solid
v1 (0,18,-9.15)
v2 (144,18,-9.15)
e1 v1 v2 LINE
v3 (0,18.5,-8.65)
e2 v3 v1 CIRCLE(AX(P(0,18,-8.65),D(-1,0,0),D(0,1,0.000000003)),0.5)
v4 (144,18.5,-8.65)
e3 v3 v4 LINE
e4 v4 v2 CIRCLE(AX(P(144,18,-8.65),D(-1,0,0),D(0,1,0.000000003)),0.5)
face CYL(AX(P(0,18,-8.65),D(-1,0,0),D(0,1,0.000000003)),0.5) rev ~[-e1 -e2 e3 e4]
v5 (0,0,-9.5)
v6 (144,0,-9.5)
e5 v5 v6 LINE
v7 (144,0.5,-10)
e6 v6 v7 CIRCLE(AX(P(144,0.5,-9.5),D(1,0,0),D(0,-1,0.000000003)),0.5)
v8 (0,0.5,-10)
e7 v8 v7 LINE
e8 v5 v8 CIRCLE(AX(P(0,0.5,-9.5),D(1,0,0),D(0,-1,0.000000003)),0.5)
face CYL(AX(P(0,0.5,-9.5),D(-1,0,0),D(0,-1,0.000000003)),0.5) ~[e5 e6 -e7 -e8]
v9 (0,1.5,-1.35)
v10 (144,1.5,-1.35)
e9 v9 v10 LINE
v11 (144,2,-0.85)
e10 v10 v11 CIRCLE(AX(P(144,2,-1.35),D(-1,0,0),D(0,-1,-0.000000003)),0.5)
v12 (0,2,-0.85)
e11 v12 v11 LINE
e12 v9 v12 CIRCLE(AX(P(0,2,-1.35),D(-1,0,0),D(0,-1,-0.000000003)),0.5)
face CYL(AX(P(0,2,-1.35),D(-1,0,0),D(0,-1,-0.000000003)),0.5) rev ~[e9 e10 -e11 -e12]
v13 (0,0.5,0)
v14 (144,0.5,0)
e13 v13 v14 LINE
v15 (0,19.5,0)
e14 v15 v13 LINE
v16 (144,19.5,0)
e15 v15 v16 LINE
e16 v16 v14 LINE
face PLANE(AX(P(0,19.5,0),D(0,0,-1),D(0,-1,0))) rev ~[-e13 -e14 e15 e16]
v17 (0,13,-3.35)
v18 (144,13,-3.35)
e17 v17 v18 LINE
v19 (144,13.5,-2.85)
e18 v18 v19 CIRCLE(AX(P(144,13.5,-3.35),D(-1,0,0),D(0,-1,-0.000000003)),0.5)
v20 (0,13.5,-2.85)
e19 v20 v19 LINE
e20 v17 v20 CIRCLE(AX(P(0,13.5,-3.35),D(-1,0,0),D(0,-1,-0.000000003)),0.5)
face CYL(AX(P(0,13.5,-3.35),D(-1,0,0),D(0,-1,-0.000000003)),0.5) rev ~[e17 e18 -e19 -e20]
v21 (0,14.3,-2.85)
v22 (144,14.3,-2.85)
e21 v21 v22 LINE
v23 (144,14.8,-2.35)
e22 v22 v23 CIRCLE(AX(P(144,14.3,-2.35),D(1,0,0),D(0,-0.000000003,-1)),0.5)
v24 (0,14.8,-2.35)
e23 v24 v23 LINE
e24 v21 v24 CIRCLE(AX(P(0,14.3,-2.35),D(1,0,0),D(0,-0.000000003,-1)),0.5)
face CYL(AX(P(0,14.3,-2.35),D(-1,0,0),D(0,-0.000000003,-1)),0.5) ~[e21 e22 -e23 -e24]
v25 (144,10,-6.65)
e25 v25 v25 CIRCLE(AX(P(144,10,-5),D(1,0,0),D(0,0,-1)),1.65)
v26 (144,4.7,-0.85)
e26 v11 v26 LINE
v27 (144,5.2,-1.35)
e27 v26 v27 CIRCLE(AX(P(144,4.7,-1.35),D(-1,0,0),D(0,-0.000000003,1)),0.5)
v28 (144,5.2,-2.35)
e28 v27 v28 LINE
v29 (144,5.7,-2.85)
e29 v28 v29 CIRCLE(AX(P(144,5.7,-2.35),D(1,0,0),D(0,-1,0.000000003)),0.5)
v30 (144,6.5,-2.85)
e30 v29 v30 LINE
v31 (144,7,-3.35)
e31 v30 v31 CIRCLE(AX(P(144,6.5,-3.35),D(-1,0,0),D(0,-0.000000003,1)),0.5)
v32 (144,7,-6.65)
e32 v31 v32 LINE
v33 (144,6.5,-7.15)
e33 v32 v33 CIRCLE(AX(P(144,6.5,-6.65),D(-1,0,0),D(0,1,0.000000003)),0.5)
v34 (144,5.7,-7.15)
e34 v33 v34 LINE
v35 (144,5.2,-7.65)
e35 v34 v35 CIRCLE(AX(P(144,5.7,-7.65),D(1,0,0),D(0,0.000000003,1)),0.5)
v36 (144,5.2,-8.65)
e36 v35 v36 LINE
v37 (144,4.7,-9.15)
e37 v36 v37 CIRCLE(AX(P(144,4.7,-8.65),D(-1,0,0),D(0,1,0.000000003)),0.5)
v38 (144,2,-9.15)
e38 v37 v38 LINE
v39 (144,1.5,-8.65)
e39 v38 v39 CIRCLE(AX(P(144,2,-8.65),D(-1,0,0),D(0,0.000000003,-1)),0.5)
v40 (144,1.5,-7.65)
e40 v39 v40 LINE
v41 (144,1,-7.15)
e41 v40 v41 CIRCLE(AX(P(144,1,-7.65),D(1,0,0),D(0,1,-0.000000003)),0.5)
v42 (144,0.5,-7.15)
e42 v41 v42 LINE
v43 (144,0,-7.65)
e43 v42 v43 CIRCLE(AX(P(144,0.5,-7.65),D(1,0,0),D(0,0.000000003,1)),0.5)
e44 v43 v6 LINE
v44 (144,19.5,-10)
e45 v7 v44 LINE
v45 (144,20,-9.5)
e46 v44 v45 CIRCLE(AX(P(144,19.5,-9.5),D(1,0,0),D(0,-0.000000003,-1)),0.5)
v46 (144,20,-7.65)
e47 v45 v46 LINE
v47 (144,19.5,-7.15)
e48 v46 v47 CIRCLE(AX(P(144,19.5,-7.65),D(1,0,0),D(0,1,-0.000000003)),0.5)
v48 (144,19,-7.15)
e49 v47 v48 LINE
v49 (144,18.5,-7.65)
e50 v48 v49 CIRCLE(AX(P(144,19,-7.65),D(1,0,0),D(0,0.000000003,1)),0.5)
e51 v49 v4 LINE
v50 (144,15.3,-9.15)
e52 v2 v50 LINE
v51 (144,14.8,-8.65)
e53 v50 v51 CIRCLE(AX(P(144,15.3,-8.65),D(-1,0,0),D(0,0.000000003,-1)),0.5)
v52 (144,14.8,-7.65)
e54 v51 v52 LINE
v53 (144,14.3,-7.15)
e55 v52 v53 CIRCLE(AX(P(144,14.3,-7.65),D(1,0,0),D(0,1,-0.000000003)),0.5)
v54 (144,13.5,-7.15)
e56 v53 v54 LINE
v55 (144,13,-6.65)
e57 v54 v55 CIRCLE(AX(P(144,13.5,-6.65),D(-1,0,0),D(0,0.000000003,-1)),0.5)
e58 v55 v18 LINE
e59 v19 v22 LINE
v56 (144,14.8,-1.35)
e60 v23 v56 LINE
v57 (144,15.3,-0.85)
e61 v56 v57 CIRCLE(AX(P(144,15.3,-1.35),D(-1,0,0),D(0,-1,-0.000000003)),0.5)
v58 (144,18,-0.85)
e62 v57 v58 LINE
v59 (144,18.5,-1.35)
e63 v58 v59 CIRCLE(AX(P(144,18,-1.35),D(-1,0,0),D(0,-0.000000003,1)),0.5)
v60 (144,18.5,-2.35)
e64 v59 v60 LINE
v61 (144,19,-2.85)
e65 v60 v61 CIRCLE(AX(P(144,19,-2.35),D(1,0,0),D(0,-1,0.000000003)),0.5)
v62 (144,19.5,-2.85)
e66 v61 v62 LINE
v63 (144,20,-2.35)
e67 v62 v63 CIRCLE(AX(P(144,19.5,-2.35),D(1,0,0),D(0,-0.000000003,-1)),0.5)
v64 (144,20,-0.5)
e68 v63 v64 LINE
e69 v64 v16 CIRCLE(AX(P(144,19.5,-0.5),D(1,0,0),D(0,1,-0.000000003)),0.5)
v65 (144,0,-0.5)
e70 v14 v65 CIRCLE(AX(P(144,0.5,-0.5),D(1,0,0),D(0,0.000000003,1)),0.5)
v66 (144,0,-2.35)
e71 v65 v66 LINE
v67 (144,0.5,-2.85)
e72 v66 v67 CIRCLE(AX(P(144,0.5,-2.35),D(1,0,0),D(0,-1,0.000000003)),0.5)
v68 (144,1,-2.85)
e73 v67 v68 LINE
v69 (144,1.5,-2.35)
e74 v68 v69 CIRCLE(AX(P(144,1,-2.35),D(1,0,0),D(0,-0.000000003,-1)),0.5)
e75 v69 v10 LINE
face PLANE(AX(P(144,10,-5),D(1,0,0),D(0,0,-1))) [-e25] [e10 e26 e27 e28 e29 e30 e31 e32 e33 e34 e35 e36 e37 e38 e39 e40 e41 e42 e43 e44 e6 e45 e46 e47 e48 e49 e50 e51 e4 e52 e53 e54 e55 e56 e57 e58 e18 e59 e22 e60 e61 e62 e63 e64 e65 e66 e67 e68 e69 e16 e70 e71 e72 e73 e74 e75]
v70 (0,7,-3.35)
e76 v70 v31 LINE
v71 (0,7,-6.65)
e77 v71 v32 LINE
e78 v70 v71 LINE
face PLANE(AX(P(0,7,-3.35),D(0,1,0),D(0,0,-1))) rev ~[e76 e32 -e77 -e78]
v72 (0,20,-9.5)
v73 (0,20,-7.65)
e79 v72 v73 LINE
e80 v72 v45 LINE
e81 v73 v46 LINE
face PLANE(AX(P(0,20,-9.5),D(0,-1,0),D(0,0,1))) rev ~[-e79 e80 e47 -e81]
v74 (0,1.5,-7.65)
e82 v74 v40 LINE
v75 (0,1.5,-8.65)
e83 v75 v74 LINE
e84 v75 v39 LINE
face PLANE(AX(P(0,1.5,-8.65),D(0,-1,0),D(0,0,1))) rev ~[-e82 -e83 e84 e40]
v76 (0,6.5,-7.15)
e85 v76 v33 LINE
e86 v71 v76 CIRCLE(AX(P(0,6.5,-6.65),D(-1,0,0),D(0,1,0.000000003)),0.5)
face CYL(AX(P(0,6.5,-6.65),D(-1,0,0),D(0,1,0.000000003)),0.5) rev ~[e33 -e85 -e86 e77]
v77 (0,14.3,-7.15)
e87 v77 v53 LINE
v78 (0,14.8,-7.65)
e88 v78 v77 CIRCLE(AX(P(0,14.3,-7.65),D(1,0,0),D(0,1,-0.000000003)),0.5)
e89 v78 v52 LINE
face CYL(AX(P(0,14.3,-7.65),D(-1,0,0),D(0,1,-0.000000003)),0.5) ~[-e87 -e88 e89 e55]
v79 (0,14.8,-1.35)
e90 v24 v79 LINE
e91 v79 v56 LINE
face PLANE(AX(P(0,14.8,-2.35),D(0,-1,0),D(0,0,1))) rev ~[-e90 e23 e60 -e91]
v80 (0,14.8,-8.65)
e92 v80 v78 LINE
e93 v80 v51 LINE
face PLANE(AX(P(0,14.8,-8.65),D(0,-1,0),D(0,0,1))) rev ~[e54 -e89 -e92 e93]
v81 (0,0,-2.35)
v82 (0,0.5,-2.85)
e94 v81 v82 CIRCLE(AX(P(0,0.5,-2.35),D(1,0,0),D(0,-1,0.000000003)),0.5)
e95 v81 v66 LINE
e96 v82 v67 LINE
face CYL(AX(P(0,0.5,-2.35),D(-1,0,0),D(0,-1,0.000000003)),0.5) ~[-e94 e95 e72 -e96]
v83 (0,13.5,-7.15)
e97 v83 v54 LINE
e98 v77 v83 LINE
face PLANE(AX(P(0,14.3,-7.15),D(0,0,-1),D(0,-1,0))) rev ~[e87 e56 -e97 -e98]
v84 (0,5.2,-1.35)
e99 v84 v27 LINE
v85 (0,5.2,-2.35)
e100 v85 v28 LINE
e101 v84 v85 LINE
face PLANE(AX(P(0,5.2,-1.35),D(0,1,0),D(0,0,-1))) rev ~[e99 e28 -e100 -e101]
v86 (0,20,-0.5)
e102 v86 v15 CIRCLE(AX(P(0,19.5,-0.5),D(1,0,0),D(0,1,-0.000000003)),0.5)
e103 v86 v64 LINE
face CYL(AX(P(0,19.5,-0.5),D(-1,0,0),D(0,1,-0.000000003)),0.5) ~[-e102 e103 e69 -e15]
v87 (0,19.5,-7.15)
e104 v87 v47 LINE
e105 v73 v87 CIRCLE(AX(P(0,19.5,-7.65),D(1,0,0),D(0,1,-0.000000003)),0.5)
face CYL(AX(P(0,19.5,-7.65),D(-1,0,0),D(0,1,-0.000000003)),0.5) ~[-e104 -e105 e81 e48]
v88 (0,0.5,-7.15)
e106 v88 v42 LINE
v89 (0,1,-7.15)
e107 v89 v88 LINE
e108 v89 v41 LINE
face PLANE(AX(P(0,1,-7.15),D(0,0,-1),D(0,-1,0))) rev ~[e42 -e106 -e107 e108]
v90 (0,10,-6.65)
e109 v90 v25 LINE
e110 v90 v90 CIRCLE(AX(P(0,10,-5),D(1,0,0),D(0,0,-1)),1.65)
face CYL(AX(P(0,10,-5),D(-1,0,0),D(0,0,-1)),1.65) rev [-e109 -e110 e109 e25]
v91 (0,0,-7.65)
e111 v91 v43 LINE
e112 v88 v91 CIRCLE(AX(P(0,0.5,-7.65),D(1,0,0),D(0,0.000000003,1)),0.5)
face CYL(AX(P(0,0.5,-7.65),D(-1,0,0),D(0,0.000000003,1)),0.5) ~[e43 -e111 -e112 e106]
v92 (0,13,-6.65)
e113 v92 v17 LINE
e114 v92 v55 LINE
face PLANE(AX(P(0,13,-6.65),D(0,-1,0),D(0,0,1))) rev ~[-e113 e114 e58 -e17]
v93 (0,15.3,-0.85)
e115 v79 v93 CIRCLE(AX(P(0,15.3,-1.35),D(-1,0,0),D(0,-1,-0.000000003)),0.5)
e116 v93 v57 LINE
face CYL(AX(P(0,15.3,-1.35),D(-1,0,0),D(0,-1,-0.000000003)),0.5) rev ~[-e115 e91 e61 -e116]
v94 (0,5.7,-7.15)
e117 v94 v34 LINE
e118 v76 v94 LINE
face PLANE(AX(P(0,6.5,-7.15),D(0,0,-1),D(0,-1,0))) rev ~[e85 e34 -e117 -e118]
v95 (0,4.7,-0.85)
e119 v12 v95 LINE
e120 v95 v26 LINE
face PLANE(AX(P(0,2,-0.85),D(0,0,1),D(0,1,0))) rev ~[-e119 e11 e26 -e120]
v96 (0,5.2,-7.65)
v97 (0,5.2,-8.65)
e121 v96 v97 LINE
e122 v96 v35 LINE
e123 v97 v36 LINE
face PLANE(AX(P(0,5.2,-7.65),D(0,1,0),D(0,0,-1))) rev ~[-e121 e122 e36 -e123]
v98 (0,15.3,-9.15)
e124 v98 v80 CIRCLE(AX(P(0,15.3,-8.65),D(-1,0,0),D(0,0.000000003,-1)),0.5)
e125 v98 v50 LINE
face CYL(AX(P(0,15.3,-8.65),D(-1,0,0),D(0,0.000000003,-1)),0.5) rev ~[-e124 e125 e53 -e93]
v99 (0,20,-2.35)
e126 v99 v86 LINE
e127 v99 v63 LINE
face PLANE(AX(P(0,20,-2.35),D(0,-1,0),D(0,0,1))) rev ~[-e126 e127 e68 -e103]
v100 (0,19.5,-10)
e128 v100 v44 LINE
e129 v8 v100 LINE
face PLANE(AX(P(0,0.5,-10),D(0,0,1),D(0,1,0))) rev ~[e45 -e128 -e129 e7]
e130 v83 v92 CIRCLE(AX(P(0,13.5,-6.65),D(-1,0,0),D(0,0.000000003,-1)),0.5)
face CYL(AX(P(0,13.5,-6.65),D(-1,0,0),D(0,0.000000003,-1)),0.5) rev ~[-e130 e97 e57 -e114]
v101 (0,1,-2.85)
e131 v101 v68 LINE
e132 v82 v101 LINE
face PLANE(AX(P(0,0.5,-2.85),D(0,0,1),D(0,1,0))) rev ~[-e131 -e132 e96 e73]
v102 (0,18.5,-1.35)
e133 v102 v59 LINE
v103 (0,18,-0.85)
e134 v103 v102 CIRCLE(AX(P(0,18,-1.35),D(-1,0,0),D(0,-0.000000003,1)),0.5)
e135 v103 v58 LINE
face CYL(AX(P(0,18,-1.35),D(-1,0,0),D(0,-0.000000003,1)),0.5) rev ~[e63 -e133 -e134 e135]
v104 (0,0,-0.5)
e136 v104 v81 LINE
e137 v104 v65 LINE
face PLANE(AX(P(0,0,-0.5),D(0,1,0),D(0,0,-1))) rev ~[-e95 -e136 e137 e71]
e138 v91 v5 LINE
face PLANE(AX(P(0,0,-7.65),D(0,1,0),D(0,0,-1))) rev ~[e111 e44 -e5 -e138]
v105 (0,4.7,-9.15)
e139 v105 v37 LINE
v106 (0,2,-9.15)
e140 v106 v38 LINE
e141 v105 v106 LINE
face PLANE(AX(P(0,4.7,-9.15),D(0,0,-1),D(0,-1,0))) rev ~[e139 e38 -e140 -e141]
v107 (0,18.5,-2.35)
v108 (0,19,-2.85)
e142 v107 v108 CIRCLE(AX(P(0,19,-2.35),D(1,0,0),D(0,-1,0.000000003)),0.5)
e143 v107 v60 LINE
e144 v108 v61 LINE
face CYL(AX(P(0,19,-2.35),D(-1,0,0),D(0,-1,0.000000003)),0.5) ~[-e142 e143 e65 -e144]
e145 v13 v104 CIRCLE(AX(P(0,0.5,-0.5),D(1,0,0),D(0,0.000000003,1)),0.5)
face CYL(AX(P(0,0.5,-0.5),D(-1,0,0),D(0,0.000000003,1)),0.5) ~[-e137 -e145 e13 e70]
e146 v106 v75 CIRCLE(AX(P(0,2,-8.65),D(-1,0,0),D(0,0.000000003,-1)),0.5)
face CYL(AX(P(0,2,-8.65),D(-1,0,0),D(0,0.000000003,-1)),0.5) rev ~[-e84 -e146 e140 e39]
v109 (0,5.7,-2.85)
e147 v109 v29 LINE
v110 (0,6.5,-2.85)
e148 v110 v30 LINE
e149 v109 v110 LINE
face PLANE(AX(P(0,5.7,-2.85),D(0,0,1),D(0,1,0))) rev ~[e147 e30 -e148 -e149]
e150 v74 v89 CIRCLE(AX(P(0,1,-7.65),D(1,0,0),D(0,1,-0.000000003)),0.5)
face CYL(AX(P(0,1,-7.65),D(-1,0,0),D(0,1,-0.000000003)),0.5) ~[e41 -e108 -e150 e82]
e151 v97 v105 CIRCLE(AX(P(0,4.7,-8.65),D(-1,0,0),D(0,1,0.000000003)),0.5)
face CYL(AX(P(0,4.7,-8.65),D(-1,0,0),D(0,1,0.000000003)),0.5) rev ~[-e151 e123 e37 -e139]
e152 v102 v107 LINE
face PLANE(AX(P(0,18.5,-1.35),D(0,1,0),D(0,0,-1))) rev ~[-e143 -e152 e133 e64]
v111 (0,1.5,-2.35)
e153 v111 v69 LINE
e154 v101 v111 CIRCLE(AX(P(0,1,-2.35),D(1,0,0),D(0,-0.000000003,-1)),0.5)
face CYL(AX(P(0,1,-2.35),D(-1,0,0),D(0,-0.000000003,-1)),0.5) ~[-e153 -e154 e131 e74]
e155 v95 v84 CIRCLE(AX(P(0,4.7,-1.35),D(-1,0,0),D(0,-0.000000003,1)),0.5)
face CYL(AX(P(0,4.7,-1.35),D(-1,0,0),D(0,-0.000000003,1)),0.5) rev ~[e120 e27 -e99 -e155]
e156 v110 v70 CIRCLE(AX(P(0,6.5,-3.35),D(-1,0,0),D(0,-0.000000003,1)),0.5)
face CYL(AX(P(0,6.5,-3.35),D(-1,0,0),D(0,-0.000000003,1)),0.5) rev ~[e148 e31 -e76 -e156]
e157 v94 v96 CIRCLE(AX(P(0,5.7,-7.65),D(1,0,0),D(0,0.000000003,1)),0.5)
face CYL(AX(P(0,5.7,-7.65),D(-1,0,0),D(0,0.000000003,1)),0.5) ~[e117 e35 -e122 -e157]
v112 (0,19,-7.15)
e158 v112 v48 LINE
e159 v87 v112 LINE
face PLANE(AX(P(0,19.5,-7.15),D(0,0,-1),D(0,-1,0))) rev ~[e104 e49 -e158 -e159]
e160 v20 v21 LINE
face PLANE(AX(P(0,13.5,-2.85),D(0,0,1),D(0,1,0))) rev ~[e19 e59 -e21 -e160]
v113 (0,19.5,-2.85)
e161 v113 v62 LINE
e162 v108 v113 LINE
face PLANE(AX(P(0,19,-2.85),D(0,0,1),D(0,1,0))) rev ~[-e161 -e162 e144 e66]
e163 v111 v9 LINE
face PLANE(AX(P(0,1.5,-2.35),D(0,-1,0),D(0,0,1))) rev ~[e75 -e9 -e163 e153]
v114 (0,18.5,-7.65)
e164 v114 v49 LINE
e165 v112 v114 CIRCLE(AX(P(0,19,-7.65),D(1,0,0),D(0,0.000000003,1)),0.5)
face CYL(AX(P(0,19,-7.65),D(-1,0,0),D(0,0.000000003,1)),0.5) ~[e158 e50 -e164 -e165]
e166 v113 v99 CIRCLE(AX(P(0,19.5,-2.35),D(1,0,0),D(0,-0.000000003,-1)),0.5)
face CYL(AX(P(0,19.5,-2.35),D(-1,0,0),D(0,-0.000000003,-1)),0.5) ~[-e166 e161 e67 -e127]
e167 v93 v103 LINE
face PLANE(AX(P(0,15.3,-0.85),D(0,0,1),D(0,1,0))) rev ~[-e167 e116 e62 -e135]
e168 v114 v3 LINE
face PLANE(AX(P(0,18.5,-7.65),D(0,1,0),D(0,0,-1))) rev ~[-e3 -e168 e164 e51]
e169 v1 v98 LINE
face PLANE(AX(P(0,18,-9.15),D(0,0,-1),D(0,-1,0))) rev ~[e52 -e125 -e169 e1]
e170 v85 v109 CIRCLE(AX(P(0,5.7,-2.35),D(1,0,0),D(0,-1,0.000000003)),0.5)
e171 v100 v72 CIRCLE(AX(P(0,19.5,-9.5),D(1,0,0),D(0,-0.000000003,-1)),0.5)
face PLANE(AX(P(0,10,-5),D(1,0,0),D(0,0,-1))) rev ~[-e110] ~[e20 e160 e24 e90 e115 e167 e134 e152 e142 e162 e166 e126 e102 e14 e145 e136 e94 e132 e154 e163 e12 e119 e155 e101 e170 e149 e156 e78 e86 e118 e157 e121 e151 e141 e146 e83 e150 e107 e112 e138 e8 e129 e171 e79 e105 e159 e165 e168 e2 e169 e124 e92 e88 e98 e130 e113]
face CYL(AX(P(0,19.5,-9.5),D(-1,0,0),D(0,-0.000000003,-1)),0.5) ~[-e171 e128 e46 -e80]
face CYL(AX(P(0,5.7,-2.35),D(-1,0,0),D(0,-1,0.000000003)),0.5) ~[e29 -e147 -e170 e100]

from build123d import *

# Parameters (mm, degrees)
SKETCH_1_R      = 1.65
EXTRUDE_1_DEPTH = 144


with BuildPart() as part:
    # ｽｹｯﾁ1 → ﾎﾞｽ - 押し出し1 (new body)
    with BuildSketch(Plane(origin=(0, 0, 0), x_dir=(0, 0, -1), z_dir=(1, 0, 0))):
        with BuildLine():
            Line((0.5, 0), (2.35, 0))
            ThreePointArc((2.35, 0), (2.703553391, 0.146446609), (2.85, 0.5))
            Line((2.85, 0.5), (2.85, 1))
            ThreePointArc((2.85, 1), (2.703553391, 1.353553391), (2.35, 1.5))
            Line((2.35, 1.5), (1.35, 1.5))
            ThreePointArc((1.35, 1.5), (0.996446609, 1.646446609), (0.85, 2))
            Line((0.85, 2), (0.85, 4.7))
            ThreePointArc((0.85, 4.7), (0.996446609, 5.053553391), (1.35, 5.2))
            Line((1.35, 5.2), (2.35, 5.2))
            ThreePointArc((2.35, 5.2), (2.703553391, 5.346446609), (2.85, 5.7))
            Line((2.85, 5.7), (2.85, 6.5))
            ThreePointArc((2.85, 6.5), (2.996446609, 6.853553391), (3.35, 7))
            Line((3.35, 7), (6.65, 7))
            ThreePointArc((6.65, 7), (7.003553391, 6.853553391), (7.15, 6.5))
            Line((7.15, 6.5), (7.15, 5.7))
            ThreePointArc((7.15, 5.7), (7.296446609, 5.346446609), (7.65, 5.2))
            Line((7.65, 5.2), (8.65, 5.2))
            ThreePointArc((8.65, 5.2), (9.003553391, 5.053553391), (9.15, 4.7))
            Line((9.15, 4.7), (9.15, 2))
            ThreePointArc((9.15, 2), (9.003553391, 1.646446609), (8.65, 1.5))
            Line((8.65, 1.5), (7.65, 1.5))
            ThreePointArc((7.65, 1.5), (7.296446609, 1.353553391), (7.15, 1))
            Line((7.15, 1), (7.15, 0.5))
            ThreePointArc((7.15, 0.5), (7.296446609, 0.146446609), (7.65, 0))
            Line((7.65, 0), (9.5, 0))
            ThreePointArc((9.5, 0), (9.853553391, 0.146446609), (10, 0.5))
            Line((10, 0.5), (10, 19.5))
            ThreePointArc((10, 19.5), (9.853553391, 19.853553391), (9.5, 20))
            Line((9.5, 20), (7.65, 20))
            ThreePointArc((7.65, 20), (7.296446609, 19.853553391), (7.15, 19.5))
            Line((7.15, 19.5), (7.15, 19))
            ThreePointArc((7.15, 19), (7.296446609, 18.646446609), (7.65, 18.5))
            Line((7.65, 18.5), (8.65, 18.5))
            ThreePointArc((8.65, 18.5), (9.003553391, 18.353553391), (9.15, 18))
            Line((9.15, 18), (9.15, 15.3))
            ThreePointArc((9.15, 15.3), (9.003553391, 14.946446609), (8.65, 14.8))
            Line((8.65, 14.8), (7.65, 14.8))
            ThreePointArc((7.65, 14.8), (7.296446609, 14.653553391), (7.15, 14.3))
            Line((7.15, 14.3), (7.15, 13.5))
            ThreePointArc((7.15, 13.5), (7.003553391, 13.146446609), (6.65, 13))
            Line((6.65, 13), (3.35, 13))
            ThreePointArc((3.35, 13), (2.996446609, 13.146446609), (2.85, 13.5))
            Line((2.85, 13.5), (2.85, 14.3))
            ThreePointArc((2.85, 14.3), (2.703553391, 14.653553391), (2.35, 14.8))
            Line((2.35, 14.8), (1.35, 14.8))
            ThreePointArc((1.35, 14.8), (0.996446609, 14.946446609), (0.85, 15.3))
            Line((0.85, 15.3), (0.85, 18))
            ThreePointArc((0.85, 18), (0.996446609, 18.353553391), (1.35, 18.5))
            Line((1.35, 18.5), (2.35, 18.5))
            ThreePointArc((2.35, 18.5), (2.703553391, 18.646446609), (2.85, 19))
            Line((2.85, 19), (2.85, 19.5))
            ThreePointArc((2.85, 19.5), (2.703553391, 19.853553391), (2.35, 20))
            Line((2.35, 20), (0.5, 20))
            ThreePointArc((0.5, 20), (0.146446609, 19.853553391), (0, 19.5))
            Line((0, 19.5), (0, 0.5))
            ThreePointArc((0, 0.5), (0.146446609, 0.146446609), (0.5, 0))
        make_face()
        with Locations((5, 10)):
            Circle(SKETCH_1_R, mode=Mode.SUBTRACT)
    extrude(amount=EXTRUDE_1_DEPTH)


solid = part.part
